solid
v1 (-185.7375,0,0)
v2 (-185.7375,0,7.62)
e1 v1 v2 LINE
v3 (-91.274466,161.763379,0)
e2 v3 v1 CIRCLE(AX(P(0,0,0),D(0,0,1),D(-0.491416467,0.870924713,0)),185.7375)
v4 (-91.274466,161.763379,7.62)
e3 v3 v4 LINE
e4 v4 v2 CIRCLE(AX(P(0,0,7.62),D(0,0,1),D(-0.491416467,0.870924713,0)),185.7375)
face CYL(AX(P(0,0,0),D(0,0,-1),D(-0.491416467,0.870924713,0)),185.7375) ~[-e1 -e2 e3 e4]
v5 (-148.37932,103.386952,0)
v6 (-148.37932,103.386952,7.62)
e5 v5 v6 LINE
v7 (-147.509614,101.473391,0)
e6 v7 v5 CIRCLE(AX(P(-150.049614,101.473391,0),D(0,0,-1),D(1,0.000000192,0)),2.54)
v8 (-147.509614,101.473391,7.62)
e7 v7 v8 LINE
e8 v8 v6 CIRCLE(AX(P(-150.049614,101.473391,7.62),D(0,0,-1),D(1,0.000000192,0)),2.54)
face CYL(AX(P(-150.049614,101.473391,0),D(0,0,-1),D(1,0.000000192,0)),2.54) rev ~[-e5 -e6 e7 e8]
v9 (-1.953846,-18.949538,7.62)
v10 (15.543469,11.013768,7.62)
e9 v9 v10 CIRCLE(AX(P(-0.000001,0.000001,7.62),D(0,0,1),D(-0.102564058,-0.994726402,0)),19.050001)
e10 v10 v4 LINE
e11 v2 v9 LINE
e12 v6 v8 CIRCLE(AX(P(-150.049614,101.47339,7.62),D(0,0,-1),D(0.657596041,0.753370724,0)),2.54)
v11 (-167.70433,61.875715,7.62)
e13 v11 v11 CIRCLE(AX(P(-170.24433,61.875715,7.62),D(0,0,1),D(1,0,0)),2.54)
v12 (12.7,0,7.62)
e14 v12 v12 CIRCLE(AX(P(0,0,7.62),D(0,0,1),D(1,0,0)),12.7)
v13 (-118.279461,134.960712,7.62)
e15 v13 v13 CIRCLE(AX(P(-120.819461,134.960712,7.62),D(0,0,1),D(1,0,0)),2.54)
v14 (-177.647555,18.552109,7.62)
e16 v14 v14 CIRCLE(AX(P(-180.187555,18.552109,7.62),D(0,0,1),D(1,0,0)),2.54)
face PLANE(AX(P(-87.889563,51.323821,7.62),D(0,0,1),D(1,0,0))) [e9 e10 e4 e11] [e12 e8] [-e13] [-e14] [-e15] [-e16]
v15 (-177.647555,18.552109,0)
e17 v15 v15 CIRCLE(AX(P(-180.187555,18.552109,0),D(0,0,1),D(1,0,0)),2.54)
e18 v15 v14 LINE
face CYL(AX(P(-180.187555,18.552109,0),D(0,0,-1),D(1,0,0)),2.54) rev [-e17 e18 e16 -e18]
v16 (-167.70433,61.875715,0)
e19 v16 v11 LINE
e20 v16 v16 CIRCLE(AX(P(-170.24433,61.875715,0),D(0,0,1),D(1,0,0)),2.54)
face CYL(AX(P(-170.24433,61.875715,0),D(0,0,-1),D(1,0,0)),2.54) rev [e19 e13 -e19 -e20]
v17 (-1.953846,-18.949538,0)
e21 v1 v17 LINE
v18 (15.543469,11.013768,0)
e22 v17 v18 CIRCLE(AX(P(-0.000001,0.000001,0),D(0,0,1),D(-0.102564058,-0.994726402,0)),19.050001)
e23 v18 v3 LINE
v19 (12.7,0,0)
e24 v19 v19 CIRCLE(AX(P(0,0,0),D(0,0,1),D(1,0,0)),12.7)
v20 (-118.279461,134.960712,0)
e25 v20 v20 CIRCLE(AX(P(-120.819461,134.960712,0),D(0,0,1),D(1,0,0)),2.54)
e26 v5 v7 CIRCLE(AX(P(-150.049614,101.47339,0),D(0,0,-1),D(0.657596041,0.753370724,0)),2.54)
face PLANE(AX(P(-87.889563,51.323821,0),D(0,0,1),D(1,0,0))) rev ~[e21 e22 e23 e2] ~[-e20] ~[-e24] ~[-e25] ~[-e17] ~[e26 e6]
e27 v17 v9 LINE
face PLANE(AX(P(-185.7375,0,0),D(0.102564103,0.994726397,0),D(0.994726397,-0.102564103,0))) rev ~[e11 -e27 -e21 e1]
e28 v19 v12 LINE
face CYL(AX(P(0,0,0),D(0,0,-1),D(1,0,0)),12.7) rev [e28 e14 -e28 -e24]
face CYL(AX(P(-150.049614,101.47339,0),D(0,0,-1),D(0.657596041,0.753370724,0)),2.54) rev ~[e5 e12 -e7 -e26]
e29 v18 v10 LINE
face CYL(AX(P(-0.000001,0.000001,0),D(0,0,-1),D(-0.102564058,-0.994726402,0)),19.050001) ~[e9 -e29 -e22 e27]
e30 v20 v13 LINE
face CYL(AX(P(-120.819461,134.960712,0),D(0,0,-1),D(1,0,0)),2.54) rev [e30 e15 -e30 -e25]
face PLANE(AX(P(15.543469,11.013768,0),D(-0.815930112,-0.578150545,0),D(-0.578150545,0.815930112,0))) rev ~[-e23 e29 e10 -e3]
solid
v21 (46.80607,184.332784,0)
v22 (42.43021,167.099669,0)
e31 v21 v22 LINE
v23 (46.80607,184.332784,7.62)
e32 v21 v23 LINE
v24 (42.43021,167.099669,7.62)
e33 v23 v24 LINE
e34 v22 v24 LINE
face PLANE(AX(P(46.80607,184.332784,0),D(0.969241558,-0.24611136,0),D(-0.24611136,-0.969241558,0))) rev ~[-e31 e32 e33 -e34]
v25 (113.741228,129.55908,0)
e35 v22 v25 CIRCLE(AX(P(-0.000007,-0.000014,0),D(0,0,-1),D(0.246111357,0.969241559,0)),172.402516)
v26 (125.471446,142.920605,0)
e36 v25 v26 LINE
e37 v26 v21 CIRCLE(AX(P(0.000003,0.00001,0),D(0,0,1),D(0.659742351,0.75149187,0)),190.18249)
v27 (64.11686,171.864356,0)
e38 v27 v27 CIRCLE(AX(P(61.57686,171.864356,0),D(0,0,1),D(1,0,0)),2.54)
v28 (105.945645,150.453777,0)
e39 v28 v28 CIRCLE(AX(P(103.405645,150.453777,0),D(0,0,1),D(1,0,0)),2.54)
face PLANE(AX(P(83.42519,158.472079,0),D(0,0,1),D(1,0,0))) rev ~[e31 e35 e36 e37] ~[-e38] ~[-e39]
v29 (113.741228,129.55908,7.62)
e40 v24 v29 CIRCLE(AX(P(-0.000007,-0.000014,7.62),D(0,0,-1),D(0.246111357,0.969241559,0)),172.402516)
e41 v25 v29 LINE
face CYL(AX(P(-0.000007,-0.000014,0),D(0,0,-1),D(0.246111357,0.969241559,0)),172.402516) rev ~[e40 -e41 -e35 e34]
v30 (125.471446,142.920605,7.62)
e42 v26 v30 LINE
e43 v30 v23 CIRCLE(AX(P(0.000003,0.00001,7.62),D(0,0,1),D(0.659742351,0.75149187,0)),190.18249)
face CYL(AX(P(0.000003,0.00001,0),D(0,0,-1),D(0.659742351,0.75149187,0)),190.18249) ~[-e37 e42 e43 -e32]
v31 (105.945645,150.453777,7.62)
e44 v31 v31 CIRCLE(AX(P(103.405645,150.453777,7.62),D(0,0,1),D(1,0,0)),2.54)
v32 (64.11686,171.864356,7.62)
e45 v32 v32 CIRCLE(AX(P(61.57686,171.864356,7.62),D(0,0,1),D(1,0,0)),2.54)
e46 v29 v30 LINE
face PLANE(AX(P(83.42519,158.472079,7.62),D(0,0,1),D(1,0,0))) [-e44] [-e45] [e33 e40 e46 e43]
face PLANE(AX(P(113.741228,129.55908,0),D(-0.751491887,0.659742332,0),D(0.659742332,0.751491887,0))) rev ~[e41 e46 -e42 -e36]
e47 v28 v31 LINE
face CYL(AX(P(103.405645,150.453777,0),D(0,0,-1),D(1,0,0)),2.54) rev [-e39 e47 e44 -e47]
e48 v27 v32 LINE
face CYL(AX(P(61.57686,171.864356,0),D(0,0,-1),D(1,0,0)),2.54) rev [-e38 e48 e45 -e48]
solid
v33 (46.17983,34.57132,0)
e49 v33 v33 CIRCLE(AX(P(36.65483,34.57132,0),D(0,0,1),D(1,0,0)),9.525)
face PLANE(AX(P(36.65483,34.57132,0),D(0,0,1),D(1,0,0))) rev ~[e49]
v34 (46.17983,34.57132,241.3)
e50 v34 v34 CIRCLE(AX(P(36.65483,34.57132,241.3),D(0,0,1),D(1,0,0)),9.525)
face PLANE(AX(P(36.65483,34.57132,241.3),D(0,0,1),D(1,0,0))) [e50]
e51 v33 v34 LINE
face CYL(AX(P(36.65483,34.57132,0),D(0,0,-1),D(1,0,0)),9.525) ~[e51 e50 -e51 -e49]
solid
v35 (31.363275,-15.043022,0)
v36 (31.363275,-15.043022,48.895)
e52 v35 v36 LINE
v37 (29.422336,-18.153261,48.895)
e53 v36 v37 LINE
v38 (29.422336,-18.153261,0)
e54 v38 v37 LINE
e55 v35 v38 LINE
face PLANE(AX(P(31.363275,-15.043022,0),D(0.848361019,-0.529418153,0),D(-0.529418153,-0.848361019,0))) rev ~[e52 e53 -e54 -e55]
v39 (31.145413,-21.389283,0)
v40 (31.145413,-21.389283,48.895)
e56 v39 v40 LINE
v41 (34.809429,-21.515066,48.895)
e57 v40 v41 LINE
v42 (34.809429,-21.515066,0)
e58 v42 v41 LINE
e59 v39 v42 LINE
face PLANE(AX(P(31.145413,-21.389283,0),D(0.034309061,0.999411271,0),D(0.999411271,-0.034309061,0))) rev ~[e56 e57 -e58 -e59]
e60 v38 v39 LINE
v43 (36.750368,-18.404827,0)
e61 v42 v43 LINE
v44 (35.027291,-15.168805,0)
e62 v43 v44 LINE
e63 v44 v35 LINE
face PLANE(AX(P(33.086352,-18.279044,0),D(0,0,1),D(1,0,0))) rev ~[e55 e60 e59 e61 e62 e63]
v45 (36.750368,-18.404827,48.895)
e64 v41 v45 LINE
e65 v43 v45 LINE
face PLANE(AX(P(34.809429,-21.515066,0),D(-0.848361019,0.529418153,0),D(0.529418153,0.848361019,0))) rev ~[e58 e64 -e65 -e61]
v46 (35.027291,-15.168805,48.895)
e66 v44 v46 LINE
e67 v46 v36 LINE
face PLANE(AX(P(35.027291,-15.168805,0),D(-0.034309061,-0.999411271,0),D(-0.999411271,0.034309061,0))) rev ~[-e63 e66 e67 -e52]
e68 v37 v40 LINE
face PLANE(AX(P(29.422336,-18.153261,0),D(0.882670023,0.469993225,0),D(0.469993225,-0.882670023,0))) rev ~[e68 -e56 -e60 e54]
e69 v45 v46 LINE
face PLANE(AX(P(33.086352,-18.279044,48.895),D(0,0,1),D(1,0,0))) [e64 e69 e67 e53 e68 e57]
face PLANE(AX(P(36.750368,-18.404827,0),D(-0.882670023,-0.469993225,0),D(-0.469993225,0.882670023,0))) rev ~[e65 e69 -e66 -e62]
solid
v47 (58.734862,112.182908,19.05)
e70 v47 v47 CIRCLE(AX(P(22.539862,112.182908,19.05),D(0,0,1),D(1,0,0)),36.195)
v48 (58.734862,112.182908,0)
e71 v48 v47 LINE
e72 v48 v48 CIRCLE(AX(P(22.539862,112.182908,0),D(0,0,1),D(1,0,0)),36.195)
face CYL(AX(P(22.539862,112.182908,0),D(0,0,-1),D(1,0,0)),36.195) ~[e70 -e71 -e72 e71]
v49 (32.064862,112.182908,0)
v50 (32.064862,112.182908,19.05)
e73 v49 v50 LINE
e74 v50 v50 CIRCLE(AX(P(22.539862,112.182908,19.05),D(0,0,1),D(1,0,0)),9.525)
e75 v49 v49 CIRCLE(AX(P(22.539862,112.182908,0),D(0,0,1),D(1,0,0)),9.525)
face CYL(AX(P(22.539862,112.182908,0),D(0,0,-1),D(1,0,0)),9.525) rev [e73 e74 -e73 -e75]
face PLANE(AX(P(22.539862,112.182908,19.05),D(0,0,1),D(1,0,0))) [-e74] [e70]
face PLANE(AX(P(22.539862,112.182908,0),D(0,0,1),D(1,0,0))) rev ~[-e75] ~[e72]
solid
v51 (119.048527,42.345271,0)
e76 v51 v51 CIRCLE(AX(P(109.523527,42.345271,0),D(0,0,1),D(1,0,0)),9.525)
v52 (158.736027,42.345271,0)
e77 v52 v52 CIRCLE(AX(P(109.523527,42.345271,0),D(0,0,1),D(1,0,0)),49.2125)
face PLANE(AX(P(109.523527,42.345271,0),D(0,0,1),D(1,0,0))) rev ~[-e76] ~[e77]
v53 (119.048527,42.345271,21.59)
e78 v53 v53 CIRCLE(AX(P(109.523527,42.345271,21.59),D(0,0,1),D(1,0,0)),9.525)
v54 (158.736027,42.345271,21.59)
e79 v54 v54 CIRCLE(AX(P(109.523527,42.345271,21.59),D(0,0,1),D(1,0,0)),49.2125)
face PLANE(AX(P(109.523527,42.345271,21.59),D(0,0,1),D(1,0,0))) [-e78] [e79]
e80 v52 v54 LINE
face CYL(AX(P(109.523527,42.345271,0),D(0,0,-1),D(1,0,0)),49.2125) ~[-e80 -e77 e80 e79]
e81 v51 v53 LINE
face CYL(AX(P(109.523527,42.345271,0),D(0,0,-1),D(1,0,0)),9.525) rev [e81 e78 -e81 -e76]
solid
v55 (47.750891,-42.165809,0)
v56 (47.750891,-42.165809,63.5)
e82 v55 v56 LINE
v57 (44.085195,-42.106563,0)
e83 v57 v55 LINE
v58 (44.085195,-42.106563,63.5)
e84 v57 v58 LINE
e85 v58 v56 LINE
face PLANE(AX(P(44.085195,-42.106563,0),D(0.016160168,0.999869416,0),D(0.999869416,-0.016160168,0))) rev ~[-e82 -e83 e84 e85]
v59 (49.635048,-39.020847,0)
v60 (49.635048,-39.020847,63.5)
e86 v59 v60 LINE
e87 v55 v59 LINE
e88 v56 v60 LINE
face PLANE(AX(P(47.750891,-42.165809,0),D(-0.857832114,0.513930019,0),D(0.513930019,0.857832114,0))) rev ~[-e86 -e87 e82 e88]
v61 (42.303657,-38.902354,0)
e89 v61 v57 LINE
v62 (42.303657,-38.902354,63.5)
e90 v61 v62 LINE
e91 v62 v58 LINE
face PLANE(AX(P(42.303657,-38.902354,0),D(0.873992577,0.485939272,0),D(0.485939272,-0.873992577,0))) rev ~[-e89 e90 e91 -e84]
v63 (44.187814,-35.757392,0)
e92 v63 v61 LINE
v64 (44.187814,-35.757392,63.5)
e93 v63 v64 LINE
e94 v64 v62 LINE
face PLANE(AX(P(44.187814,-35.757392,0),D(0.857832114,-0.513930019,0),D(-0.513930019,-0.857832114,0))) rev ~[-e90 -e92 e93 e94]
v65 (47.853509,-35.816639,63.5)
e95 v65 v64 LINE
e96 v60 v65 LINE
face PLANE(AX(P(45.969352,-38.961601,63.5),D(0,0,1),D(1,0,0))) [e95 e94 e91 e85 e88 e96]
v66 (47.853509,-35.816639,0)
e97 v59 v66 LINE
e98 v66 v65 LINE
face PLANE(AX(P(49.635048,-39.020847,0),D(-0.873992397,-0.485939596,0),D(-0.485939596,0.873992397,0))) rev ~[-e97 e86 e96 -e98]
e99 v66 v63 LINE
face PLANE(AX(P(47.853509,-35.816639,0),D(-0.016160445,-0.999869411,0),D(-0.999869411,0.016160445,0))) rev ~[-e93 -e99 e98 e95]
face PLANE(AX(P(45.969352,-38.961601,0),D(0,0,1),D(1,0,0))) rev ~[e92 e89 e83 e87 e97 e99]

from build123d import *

# Parameters (mm, degrees)
F0_R      = 2.54
F0_R_2    = 12.7
F1_DEPTH  = 7.62
F2_R      = 9.525
F3_DEPTH  = 241.3
F4_R      = 49.2125
F4_R_2    = 9.525
F5_DEPTH  = 21.59
F7_DEPTH  = 48.895
F8_R      = 2.54
F9_DEPTH  = 7.62
F11_DEPTH = 63.5
F12_R     = 36.195
F12_R_2   = 9.525
F13_DEPTH = 19.05


with BuildPart() as f1:
    # F0 (on Top) → F1 (new body)
    with BuildSketch(Plane.XY):
        with BuildLine():
            Line((-185.7375, 0), (-1.953846, -18.949538))
            ThreePointArc((-1.953846, -18.949538), (16.450513, -9.60641), (15.543469, 11.013768))
            Line((15.543469, 11.013768), (-91.274466, 161.763379))
            ThreePointArc((-91.274466, 161.763379), (-160.392503, 93.6625), (-185.7375, 0))
        make_face()
        with Locations((-180.187555, 18.552109)):
            Circle(F0_R, mode=Mode.SUBTRACT)
        with Locations((-170.24433, 61.875715)):
            Circle(F0_R, mode=Mode.SUBTRACT)
        Circle(F0_R_2, mode=Mode.SUBTRACT)
        with BuildLine():
            ThreePointArc((-148.37932, 103.386952), (-147.73724, 102.524355), (-147.509614, 101.473391))
            ThreePointArc((-147.509614, 101.473391), (-152.361988, 100.422427), (-148.37932, 103.386952))
        make_face(mode=Mode.SUBTRACT)
        with Locations((-120.819461, 134.960712)):
            Circle(F0_R, mode=Mode.SUBTRACT)
    extrude(amount=F1_DEPTH)


with BuildPart() as f3:
    # F2 (on Top) → F3 (new body)
    with BuildSketch(Plane.XY):
        with Locations((36.65483, 34.57132)):
            Circle(F2_R)
    extrude(amount=F3_DEPTH)


with BuildPart() as f5:
    # F4 (on Top) → F5 (new body)
    with BuildSketch(Plane.XY):
        with Locations((109.523527, 42.345271)):
            Circle(F4_R)
        with Locations((109.523527, 42.345271)):
            Circle(F4_R_2, mode=Mode.SUBTRACT)
    extrude(amount=F5_DEPTH)


with BuildPart() as f7:
    # F6 (on Top) → F7 (new body)
    with BuildSketch(Plane.XY):
        Polygon((36.750368, -18.404827), (35.027291, -15.168805), (31.363275, -15.043022), (29.422336, -18.153261), (31.145413, -21.389283), (34.809429, -21.515066), align=None)
    extrude(amount=F7_DEPTH)


with BuildPart() as f9:
    # F8 (on Top) → F9 (new body)
    with BuildSketch(Plane.XY):
        with BuildLine():
            Line((113.741228, 129.55908), (125.471446, 142.920605))
            ThreePointArc((125.471446, 142.920605), (88.592481, 168.287717), (46.80607, 184.332784))
            Line((46.80607, 184.332784), (42.43021, 167.099669))
            ThreePointArc((42.43021, 167.099669), (80.310046, 152.554641), (113.741228, 129.55908))
        make_face()
        with Locations((103.405645, 150.453777)):
            Circle(F8_R, mode=Mode.SUBTRACT)
        with Locations((61.57686, 171.864356)):
            Circle(F8_R, mode=Mode.SUBTRACT)
    extrude(amount=F9_DEPTH)


with BuildPart() as f11:
    # F10 (on Top) → F11 (new body)
    with BuildSketch(Plane.XY):
        Polygon((49.635048, -39.020847), (47.853509, -35.816639), (44.187814, -35.757392), (42.303657, -38.902354), (44.085195, -42.106563), (47.750891, -42.165809), align=None)
    extrude(amount=F11_DEPTH)


with BuildPart() as f13:
    # F12 (on Top) → F13 (new body)
    with BuildSketch(Plane.XY):
        with Locations((22.539862, 112.182908)):
            Circle(F12_R)
        with Locations((22.539862, 112.182908)):
            Circle(F12_R_2, mode=Mode.SUBTRACT)
    extrude(amount=F13_DEPTH)


solid = Compound([f1.part, f3.part, f5.part, f7.part, f9.part, f11.part, f13.part])
